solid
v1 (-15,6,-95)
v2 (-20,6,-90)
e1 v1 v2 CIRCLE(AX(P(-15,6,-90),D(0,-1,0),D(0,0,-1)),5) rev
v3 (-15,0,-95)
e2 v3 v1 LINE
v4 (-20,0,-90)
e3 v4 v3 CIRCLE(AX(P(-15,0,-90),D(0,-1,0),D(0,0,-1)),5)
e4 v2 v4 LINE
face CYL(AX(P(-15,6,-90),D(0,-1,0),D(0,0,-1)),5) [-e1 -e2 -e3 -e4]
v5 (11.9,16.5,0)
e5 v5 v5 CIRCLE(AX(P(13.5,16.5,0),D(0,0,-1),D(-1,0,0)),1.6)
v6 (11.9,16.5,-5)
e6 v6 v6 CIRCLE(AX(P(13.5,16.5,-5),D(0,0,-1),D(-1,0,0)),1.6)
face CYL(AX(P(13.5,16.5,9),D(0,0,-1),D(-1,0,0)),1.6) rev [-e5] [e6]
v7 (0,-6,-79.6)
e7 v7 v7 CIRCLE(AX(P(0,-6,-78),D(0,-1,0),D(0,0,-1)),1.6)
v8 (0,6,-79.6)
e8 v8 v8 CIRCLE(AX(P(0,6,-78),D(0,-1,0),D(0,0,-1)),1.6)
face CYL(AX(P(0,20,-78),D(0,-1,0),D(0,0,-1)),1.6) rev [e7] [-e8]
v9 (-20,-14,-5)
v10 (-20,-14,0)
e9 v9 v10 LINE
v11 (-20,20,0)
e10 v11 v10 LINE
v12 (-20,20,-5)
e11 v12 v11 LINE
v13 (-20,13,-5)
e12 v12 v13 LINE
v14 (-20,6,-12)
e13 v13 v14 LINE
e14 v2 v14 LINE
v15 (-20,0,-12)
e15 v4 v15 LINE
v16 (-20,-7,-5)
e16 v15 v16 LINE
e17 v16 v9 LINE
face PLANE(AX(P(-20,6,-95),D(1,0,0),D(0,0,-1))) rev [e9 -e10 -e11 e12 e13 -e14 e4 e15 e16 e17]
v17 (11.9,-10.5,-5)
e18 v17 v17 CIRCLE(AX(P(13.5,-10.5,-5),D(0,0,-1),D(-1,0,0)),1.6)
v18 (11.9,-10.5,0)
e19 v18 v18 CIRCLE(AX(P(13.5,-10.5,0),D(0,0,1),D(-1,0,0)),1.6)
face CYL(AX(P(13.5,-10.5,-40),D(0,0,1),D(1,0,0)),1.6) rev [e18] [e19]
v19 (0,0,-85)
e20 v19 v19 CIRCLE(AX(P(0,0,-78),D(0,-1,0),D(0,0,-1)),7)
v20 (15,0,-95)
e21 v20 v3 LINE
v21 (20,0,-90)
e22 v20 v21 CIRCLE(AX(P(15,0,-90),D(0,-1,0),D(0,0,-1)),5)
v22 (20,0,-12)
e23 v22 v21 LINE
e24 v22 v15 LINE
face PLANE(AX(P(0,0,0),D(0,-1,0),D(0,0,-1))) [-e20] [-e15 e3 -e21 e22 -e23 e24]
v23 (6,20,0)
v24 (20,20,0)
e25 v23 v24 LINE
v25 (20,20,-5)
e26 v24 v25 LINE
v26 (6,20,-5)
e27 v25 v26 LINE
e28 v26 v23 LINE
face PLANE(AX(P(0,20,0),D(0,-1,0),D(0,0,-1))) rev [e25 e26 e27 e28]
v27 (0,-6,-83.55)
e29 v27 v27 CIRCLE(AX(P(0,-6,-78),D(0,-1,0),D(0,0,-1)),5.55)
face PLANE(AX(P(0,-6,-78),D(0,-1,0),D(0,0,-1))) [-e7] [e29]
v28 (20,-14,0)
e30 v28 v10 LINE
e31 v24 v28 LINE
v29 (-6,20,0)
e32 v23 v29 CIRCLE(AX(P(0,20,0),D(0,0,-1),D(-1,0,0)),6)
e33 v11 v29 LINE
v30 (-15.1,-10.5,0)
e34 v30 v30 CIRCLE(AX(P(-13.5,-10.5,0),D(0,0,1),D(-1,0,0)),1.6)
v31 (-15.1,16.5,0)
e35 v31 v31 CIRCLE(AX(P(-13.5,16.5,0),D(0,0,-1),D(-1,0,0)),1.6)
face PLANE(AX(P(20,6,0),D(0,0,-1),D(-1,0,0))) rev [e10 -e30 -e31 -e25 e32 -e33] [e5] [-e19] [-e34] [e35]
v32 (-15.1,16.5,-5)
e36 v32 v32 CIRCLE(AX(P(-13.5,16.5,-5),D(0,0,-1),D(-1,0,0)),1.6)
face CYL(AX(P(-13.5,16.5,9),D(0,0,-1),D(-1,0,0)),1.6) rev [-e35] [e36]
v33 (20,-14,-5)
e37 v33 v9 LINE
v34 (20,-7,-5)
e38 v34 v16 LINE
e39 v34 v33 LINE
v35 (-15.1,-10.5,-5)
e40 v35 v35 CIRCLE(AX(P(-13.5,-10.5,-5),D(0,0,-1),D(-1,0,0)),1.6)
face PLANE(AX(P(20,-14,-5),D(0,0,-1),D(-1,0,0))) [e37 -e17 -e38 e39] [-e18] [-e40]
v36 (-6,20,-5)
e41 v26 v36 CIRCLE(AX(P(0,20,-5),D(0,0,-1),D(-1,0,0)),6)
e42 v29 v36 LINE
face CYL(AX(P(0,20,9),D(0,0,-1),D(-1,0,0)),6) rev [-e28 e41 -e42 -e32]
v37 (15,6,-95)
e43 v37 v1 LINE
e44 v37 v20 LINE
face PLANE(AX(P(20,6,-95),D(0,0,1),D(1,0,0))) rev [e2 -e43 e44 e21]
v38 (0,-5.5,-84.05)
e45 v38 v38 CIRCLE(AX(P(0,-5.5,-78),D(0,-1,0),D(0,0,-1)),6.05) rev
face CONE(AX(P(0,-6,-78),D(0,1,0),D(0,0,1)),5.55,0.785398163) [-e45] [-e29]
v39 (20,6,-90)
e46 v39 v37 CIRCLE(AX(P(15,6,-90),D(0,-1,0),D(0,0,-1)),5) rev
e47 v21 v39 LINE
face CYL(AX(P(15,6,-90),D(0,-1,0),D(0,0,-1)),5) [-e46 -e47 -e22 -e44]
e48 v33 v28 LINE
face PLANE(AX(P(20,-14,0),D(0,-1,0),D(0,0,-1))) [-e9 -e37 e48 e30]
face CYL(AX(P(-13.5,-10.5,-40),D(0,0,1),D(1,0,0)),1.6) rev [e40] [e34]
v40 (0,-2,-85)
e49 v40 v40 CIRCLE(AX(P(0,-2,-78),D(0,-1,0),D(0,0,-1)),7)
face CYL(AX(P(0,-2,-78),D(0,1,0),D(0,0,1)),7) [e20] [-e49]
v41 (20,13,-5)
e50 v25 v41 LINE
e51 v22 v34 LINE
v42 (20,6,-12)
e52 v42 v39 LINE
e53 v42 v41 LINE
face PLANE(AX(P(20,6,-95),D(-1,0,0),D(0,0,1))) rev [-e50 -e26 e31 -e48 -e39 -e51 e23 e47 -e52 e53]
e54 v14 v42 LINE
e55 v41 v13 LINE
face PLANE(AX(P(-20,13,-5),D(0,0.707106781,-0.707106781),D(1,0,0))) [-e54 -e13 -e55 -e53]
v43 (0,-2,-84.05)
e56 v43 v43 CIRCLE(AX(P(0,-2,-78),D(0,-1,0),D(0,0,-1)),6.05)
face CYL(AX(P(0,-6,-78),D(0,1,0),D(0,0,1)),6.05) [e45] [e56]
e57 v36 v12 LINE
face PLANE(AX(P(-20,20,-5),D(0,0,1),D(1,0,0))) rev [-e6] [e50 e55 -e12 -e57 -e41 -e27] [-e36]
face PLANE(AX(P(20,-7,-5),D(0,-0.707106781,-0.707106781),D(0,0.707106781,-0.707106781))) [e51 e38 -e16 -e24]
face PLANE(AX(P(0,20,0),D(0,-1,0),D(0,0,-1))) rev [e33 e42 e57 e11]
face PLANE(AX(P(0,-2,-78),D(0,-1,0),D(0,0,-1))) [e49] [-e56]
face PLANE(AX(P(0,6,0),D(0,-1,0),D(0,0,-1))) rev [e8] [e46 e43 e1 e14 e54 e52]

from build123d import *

# Parameters (mm, degrees)
SKETCH_1_W          = 40
SKETCH_1_H          = 95
EXTRUDE_1_DEPTH     = 6
SKETCH_2_W          = 40
SKETCH_2_H          = 5
EXTRUDE_2_DEPTH     = 14
SKETCH_3_R          = 6
CUT_EXTRUDE_1_DEPTH = 14
SKETCH_4_R          = 1.6
CUT_EXTRUDE_2_DEPTH = 14
CHAMFER_1_SIZE      = 7
FILLET_1_R          = 5
EXTRUDE_3_DEPTH     = 40
SKETCH_8_R          = 1.6
CUT_EXTRUDE_3_DEPTH = 40
SKETCH_5_R          = 7
EXTRUDE_4_DEPTH     = 2
SKETCH_9_R          = 6.05
EXTRUDE_5_DEPTH     = 4
CHAMFER_2_SIZE      = 0.5
SKETCH_10_R         = 1.6
CUT_EXTRUDE_4_DEPTH = 27


with BuildPart() as part:
    # Эскиз1 → Бобышка-Вытянуть1 (new body)
    with BuildSketch(Plane(origin=(0, 0, 0), x_dir=(1, 0, 0), z_dir=(0, 1, 0))):
        with Locations((0, 47.5)):
            Rectangle(SKETCH_1_W, SKETCH_1_H)
    extrude(amount=EXTRUDE_1_DEPTH)

    # Эскиз2 → Бобышка-Вытянуть2 (add)
    with BuildSketch(Plane(origin=(0, 6, 0), x_dir=(1, 0, 0), z_dir=(0, 1, 0))):
        with Locations((0, 2.5)):
            Rectangle(SKETCH_2_W, SKETCH_2_H)
    extrude(amount=EXTRUDE_2_DEPTH)

    # Эскиз3 → Вырез-Вытянуть1 (cut)
    with BuildSketch(Plane(origin=(0, 0, -5), x_dir=(-1, 0, 0), z_dir=(0, 0, -1))):
        with Locations((0, 20)):
            Circle(SKETCH_3_R)
    extrude(amount=-CUT_EXTRUDE_1_DEPTH, mode=Mode.SUBTRACT)

    # Эскиз4 → Вырез-Вытянуть2 (cut)
    with BuildSketch(Plane(origin=(0, 0, -5), x_dir=(-1, 0, 0), z_dir=(0, 0, -1))):
        with Locations((-13.5, 16.5)):
            Circle(SKETCH_4_R)
        with Locations((13.5, 16.5)):
            Circle(SKETCH_4_R)
    extrude(amount=-CUT_EXTRUDE_2_DEPTH, mode=Mode.SUBTRACT)

    # Фаска1
    chamfer_1_edges = [part.edges().sort_by_distance(p)[0] for p in [
        (0, 6, -5),
    ]]
    chamfer(chamfer_1_edges, length=CHAMFER_1_SIZE)

    # Скругление1
    fillet_1_edges = [part.edges().sort_by_distance(p)[0] for p in [
        (-20, 3, -95),
        (20, 3, -95),
    ]]
    fillet(fillet_1_edges, radius=FILLET_1_R)

    # Эскиз7 → Бобышка-Вытянуть3 (add)
    with BuildSketch(Plane.ZY.offset(20)):
        Polygon((0, -14), (-5, -14), (-5, -7), (-12, 0), (0, 0), align=None)
    extrude(amount=-EXTRUDE_3_DEPTH)

    # Эскиз8 → Вырез-Вытянуть3 (cut)
    with BuildSketch(Plane.XY):
        with Locations((13.5, 16.5)):
            Circle(SKETCH_8_R)
        with Locations((-13.5, 16.5)):
            Circle(SKETCH_8_R)
        with Locations((13.5, -10.5)):
            Circle(SKETCH_8_R)
        with Locations((-13.5, -10.5)):
            Circle(SKETCH_8_R)
    extrude(amount=-CUT_EXTRUDE_3_DEPTH, mode=Mode.SUBTRACT)

    # Эскиз5 → Бобышка-Вытянуть4 (add)
    with BuildSketch(Plane.XZ):
        with Locations((0, -78)):
            Circle(SKETCH_5_R)
    extrude(amount=EXTRUDE_4_DEPTH)

    # Эскиз9 → Бобышка-Вытянуть5 (add)
    with BuildSketch(Plane.XZ.offset(2)):
        with Locations((0, -78)):
            Circle(SKETCH_9_R)
    extrude(amount=EXTRUDE_5_DEPTH)

    # Фаска2
    chamfer_2_edges = [part.edges().sort_by_distance(p)[0] for p in [
        (-6.05, -6, -78),
    ]]
    chamfer(chamfer_2_edges, length=CHAMFER_2_SIZE)

    # Эскиз10 → Вырез-Вытянуть4 (cut, through all)
    with BuildSketch(Plane.XZ.offset(6)):
        with Locations((0, -78)):
            Circle(SKETCH_10_R)
    extrude(amount=-CUT_EXTRUDE_4_DEPTH, mode=Mode.SUBTRACT)


solid = part.part
